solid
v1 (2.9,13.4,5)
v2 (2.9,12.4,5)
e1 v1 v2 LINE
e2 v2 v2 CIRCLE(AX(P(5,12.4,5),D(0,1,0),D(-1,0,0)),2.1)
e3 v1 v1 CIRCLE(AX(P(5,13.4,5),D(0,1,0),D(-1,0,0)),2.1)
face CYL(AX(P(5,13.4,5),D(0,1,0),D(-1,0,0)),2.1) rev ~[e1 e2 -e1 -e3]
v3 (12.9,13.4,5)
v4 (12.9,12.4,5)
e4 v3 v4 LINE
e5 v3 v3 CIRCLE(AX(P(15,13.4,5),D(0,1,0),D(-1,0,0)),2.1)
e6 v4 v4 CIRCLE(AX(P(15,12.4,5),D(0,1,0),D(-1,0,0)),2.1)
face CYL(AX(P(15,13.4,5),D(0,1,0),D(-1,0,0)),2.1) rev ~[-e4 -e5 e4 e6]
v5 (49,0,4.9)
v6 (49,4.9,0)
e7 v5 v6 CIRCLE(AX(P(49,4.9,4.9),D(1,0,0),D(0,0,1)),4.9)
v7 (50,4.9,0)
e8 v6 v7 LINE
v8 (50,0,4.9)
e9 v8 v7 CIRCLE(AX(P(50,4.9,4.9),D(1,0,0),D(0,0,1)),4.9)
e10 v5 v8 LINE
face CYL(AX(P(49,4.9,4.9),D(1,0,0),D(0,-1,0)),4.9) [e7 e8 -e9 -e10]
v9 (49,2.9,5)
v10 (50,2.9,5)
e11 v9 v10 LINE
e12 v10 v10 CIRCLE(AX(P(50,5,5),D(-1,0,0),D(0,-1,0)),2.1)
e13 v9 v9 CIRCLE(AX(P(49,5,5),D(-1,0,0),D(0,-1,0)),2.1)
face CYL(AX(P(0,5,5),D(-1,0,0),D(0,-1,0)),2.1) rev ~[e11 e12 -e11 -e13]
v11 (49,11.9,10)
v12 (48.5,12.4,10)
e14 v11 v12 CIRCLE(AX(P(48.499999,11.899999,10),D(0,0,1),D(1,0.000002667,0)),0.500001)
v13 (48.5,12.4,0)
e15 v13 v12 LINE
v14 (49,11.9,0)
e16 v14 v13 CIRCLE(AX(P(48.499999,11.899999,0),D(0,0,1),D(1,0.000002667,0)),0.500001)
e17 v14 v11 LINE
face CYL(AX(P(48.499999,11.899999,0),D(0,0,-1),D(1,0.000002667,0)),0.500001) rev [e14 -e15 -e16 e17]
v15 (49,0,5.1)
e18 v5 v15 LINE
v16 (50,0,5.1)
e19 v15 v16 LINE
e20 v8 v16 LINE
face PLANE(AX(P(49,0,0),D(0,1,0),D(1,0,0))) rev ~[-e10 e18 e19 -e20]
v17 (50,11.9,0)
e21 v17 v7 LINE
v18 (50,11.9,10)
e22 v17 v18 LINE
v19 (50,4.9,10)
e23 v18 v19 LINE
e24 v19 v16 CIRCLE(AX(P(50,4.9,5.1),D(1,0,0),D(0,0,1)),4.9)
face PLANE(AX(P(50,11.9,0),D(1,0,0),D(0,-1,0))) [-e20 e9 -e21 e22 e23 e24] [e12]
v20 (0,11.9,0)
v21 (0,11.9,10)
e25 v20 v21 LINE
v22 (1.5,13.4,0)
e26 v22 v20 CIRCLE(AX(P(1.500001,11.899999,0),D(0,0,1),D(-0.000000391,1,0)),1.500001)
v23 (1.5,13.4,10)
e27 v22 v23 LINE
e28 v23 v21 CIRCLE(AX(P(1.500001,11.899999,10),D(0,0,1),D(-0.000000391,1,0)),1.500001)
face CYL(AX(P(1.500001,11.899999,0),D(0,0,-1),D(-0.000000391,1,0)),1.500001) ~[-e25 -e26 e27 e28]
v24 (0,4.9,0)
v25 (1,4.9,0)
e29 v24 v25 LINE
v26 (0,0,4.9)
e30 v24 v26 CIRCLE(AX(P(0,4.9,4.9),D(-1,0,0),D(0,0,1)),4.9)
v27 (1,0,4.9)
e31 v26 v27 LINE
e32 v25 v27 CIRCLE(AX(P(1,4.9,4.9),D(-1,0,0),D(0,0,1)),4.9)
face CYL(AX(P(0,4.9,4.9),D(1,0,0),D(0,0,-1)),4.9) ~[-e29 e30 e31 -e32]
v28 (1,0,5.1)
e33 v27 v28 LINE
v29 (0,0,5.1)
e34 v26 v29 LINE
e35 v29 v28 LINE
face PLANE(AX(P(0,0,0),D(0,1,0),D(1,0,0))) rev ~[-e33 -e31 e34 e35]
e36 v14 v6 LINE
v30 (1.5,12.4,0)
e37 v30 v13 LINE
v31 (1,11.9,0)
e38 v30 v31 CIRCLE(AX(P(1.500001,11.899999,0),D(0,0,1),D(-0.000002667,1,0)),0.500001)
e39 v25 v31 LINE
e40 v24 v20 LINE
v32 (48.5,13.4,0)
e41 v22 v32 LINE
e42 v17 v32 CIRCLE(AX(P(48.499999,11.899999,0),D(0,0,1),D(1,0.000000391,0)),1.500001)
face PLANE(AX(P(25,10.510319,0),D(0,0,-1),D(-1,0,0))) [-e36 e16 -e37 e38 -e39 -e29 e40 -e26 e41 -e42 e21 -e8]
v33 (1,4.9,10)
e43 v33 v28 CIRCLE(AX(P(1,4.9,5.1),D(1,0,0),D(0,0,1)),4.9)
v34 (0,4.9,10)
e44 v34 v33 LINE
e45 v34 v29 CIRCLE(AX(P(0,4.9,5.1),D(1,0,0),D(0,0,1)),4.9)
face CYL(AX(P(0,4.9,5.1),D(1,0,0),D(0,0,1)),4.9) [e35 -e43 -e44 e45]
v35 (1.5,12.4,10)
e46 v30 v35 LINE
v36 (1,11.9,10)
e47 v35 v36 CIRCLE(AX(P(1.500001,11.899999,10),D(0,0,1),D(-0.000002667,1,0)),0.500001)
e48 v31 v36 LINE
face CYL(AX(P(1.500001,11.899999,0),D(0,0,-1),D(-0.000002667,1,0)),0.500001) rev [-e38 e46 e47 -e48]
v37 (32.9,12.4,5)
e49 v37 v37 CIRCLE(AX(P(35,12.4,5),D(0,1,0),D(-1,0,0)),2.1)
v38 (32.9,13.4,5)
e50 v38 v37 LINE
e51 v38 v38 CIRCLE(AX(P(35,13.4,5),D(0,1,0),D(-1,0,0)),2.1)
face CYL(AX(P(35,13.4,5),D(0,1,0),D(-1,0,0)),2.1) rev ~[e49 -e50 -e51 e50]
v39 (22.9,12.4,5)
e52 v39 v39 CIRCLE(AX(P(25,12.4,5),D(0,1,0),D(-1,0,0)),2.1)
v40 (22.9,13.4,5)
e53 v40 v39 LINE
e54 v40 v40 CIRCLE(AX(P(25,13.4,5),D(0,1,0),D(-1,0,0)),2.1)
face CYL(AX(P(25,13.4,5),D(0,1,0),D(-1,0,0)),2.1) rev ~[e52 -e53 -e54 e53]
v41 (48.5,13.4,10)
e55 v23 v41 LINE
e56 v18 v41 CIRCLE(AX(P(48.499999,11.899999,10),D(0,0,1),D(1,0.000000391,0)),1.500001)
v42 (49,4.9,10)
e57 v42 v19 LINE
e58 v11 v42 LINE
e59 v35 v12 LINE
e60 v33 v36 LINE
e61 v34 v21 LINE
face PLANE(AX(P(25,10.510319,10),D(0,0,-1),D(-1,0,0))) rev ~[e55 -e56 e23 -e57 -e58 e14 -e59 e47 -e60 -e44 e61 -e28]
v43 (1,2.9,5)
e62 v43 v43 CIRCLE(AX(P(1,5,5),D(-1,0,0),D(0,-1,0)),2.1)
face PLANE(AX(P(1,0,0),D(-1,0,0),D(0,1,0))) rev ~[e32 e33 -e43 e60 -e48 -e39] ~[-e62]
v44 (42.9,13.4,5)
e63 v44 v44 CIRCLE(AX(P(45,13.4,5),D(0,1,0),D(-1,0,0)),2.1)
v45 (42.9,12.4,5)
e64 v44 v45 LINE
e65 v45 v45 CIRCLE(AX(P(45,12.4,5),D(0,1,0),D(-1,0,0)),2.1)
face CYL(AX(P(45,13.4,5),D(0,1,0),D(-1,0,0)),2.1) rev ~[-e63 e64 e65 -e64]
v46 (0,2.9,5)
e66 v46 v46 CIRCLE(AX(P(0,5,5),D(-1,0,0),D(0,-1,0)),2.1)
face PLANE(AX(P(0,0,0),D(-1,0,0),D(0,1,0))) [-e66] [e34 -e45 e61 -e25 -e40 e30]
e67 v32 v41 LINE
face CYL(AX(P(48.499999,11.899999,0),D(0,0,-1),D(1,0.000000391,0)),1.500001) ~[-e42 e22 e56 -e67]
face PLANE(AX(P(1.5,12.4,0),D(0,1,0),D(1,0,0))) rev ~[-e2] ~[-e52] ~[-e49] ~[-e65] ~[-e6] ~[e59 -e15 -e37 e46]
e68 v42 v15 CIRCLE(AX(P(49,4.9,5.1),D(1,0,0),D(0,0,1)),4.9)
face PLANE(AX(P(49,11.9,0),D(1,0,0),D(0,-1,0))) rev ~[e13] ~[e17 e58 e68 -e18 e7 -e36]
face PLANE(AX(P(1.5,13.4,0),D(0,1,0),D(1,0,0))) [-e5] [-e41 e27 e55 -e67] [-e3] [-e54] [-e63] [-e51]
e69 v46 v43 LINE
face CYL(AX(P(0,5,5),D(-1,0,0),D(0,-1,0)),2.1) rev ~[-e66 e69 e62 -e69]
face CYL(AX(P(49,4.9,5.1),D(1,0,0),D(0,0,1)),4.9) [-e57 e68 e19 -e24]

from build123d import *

# Parameters (mm, degrees)
PAD_DEPTH       = 10
FILLET_R        = 4.9
FILLET001_R     = 4.9
FILLET002_R     = 4.9
FILLET003_R     = 4.9
SKETCH001_R     = 2.1
POCKET_DEPTH    = 50.001
SKETCH002_R     = 2.1
POCKET001_DEPTH = 13.401


with BuildPart() as part:
    # Sketch → Pad (new body)
    with BuildSketch(Plane.XY):
        with BuildLine():
            Line((0, 0), (0, 11.9))
            ThreePointArc((1.5, 13.4), (0.43934, 12.96066), (0, 11.9))
            Line((1.5, 13.4), (48.5, 13.4))
            ThreePointArc((50, 11.9), (49.56066, 12.96066), (48.5, 13.4))
            Line((50, 11.9), (50, 0))
            Line((49, 0), (50, 0))
            Line((49, 11.9), (49, 0))
            ThreePointArc((49, 11.9), (48.853553, 12.253553), (48.5, 12.4))
            Line((1.5, 12.4), (48.5, 12.4))
            ThreePointArc((1.5, 12.4), (1.146447, 12.253553), (1, 11.9))
            Line((1, 0), (1, 11.9))
            Line((0, 0), (1, 0))
        make_face()
    extrude(amount=PAD_DEPTH)

    # Fillet
    fillet_edges = [part.edges().sort_by_distance(p)[0] for p in [
        (49.5, 0, 0),
    ]]
    fillet(fillet_edges, radius=FILLET_R)

    # Fillet001
    fillet001_edges = [part.edges().sort_by_distance(p)[0] for p in [
        (0.5, 0, 0),
    ]]
    fillet(fillet001_edges, radius=FILLET001_R)

    # Fillet002
    fillet002_edges = [part.edges().sort_by_distance(p)[0] for p in [
        (49.5, 0, 10),
    ]]
    fillet(fillet002_edges, radius=FILLET002_R)

    # Fillet003
    fillet003_edges = [part.edges().sort_by_distance(p)[0] for p in [
        (0.5, 0, 10),
    ]]
    fillet(fillet003_edges, radius=FILLET003_R)

    # Sketch001 → Pocket (cut, through all)
    with BuildSketch(Plane(origin=(0, 0, 0), x_dir=(0, -1, 0), z_dir=(-1, 0, 0))):
        with Locations((-5, 5)):
            Circle(SKETCH001_R)
    extrude(amount=-POCKET_DEPTH, mode=Mode.SUBTRACT)

    # Sketch002 → Pocket001 (cut, through all)
    with BuildSketch(Plane(origin=(0, 13.4, 0), x_dir=(-1, 0, 0), z_dir=(0, 1, 0))):
        with Locations((-5, 5)):
            Circle(SKETCH002_R)
        with Locations((-15, 5)):
            Circle(SKETCH002_R)
        with Locations((-25, 5)):
            Circle(SKETCH002_R)
        with Locations((-35, 5)):
            Circle(SKETCH002_R)
        with Locations((-45, 5)):
            Circle(SKETCH002_R)
    extrude(amount=-POCKET001_DEPTH, mode=Mode.SUBTRACT)


solid = part.part
